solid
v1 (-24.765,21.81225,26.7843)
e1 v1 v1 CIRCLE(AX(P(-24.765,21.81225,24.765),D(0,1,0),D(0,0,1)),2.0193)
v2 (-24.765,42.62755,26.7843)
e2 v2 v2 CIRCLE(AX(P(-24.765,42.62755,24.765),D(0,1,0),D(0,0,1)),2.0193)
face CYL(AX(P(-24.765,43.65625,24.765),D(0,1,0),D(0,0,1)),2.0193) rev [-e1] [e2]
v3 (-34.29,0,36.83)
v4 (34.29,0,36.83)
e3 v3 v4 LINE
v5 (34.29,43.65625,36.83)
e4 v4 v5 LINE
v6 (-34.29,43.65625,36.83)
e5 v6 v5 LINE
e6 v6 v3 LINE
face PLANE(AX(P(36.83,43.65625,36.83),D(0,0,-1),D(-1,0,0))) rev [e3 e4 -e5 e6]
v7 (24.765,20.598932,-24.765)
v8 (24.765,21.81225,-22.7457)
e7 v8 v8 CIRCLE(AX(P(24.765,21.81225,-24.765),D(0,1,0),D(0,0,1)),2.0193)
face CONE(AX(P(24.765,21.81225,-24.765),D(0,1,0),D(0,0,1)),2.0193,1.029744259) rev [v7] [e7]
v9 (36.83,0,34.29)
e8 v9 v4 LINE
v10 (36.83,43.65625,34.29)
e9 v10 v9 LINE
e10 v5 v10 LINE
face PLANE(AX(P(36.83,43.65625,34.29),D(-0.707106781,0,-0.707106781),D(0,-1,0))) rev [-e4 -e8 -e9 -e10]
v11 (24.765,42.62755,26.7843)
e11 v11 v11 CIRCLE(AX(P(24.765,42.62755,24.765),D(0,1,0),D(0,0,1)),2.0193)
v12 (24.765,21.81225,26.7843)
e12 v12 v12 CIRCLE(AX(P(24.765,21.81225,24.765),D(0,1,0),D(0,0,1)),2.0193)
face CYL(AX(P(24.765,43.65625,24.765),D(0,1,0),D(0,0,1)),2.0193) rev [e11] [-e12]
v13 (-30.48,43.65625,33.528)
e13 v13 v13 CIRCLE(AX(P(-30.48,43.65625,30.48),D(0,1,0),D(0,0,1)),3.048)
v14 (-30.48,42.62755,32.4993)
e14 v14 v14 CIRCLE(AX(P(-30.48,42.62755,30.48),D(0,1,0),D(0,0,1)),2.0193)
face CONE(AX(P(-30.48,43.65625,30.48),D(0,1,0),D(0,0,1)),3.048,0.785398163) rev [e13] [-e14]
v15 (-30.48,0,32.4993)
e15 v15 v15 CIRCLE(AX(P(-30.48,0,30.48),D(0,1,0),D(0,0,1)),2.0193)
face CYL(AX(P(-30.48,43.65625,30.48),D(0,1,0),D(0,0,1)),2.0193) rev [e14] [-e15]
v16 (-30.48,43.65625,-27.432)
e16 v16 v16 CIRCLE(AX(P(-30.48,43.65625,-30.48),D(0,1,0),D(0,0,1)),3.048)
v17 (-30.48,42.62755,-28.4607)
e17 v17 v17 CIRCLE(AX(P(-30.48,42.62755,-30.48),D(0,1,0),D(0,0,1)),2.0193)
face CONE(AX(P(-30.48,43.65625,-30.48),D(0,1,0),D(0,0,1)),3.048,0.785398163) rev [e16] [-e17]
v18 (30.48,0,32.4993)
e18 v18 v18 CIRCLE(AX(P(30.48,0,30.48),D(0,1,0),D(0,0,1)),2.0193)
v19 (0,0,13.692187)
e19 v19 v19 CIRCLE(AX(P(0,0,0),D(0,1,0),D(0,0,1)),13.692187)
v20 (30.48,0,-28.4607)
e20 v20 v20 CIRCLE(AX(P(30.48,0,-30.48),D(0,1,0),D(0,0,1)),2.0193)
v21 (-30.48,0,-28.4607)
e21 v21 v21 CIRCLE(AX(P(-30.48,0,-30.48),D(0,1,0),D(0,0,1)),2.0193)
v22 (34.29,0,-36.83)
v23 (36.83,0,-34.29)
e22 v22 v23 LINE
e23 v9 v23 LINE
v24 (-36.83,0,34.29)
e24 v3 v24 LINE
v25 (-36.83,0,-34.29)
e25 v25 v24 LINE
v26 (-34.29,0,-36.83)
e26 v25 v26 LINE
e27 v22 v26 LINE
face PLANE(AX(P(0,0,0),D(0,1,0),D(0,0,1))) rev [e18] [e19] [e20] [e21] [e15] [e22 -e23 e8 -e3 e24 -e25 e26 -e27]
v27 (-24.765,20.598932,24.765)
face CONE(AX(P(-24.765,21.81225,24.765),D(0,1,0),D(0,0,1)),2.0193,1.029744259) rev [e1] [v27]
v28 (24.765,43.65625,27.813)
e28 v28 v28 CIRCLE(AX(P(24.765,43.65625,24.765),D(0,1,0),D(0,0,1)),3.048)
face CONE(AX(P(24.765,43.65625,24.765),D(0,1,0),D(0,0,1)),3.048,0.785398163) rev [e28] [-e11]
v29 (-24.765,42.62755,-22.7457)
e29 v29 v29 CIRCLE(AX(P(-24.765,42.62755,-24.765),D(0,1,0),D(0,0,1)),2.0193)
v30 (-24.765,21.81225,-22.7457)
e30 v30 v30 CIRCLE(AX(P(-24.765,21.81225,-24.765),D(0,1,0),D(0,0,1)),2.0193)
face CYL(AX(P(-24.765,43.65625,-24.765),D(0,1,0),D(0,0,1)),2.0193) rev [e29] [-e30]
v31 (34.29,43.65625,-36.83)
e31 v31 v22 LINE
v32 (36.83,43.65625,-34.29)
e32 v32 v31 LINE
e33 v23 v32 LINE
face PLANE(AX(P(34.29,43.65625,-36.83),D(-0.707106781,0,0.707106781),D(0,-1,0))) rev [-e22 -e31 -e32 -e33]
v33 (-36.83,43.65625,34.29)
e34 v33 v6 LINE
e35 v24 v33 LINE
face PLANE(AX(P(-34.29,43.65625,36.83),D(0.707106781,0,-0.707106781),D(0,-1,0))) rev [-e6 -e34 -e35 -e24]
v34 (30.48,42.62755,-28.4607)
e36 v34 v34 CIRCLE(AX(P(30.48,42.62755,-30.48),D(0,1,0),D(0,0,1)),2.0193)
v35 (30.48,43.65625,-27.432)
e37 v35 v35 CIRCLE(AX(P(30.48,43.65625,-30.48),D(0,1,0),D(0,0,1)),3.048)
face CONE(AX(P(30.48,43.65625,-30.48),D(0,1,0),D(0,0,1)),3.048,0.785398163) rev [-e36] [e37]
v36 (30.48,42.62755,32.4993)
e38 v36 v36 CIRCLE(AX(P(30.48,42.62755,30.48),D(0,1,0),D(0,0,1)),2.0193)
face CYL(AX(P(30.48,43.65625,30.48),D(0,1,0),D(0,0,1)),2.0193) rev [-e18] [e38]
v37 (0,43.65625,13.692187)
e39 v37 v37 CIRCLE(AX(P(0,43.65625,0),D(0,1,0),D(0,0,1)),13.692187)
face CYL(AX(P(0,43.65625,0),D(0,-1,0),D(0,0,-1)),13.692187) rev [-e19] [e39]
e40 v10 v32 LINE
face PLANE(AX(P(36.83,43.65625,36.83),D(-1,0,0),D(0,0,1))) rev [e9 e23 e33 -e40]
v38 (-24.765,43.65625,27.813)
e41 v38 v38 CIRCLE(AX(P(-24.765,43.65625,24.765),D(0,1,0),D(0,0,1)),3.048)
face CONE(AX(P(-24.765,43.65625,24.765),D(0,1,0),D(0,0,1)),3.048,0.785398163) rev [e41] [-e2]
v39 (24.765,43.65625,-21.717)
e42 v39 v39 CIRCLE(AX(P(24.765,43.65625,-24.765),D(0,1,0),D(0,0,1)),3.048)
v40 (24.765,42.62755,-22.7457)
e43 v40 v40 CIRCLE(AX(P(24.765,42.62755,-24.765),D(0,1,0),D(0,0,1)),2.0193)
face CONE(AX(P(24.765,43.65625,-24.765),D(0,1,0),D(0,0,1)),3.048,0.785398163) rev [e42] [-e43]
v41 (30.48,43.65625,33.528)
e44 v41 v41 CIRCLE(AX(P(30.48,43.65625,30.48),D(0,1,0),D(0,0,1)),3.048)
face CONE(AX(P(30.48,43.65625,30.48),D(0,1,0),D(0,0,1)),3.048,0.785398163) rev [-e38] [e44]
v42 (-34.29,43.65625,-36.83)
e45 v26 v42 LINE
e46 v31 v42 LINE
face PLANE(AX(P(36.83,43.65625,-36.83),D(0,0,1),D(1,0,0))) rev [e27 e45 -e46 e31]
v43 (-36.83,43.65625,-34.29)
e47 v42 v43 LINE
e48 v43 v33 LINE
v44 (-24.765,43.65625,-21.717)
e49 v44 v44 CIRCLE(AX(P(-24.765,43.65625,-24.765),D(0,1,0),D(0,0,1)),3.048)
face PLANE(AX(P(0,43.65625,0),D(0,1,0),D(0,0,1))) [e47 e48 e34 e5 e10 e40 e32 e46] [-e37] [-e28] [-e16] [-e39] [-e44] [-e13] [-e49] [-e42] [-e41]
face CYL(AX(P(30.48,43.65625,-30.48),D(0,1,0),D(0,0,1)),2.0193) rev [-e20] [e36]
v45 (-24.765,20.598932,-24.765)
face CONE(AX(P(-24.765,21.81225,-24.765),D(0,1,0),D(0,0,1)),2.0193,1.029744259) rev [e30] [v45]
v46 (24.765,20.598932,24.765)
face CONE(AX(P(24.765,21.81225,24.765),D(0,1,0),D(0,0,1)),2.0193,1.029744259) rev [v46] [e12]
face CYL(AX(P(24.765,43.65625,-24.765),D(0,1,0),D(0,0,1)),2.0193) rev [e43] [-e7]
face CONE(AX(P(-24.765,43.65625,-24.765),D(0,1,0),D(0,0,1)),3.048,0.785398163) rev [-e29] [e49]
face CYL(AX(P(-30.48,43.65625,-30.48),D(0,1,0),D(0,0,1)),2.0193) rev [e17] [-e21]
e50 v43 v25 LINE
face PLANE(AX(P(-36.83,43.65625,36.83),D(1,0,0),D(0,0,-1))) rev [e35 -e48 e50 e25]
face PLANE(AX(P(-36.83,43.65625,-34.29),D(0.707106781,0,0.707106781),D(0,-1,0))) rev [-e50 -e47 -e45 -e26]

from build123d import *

# Parameters (mm, degrees)
SKETCH1_W                        = 73.66
SKETCH1_H                        = 73.66
SKETCH1_R                        = 13.6921875
BOSS_EXTRUDE1_DEPTH              = 43.65625
CHAMFER2_SIZE                    = 2.54
F_10_32_TAPPED_HOLE1_D           = 4.0386
F_10_32_TAPPED_HOLE1_CSINK_D     = 6.096
F_10_32_TAPPED_HOLE1_CSINK_ANGLE = 90
F_10_32_TAPPED_HOLE2_D           = 4.0386
F_10_32_TAPPED_HOLE2_DEPTH       = 21.844
F_10_32_TAPPED_HOLE2_CSINK_D     = 6.096
F_10_32_TAPPED_HOLE2_CSINK_ANGLE = 90
F_10_32_TAPPED_HOLE2_TIP         = 1.213317848


with BuildPart() as part:
    # Sketch1 → Boss-Extrude1 (new body)
    with BuildSketch(Plane(origin=(0, 0, 0), x_dir=(1, 0, 0), z_dir=(0, 1, 0))):
        Rectangle(SKETCH1_W, SKETCH1_H)
        with Locations(Location((0, 0, 0), (0, 0, 270))):
            Circle(SKETCH1_R, mode=Mode.SUBTRACT)
    extrude(amount=BOSS_EXTRUDE1_DEPTH)

    # Chamfer2
    chamfer2_edges = [part.edges().sort_by_distance(p)[0] for p in [
        (-36.83, 21.828125, -36.83),
        (36.83, 21.828125, -36.83),
        (36.83, 21.828125, 36.83),
        (-36.83, 21.828125, 36.83),
    ]]
    chamfer(chamfer2_edges, length=CHAMFER2_SIZE)

    # #10-32 Tapped Hole1 (through all)
    with Locations(Plane(origin=(0, 43.65625, 0), x_dir=(1, 0, 0), z_dir=(0, 1, 0))):
        with Locations((30.48, 30.48), (-30.48, 30.48), (-30.48, -30.48), (30.48, -30.48)):
            CounterSinkHole(F_10_32_TAPPED_HOLE1_D / 2, F_10_32_TAPPED_HOLE1_CSINK_D / 2, counter_sink_angle=F_10_32_TAPPED_HOLE1_CSINK_ANGLE)

    # #10-32 Tapped Hole2
    with Locations(Plane(origin=(0, 43.65625, 0), x_dir=(1, 0, 0), z_dir=(0, 1, 0))):
        with Locations((-24.765, 24.765), (24.765, 24.765), (-24.765, -24.765), (24.765, -24.765)):
            CounterSinkHole(F_10_32_TAPPED_HOLE2_D / 2, F_10_32_TAPPED_HOLE2_CSINK_D / 2, depth=F_10_32_TAPPED_HOLE2_DEPTH, counter_sink_angle=F_10_32_TAPPED_HOLE2_CSINK_ANGLE)
            with Locations((0, 0, -(F_10_32_TAPPED_HOLE2_DEPTH + F_10_32_TAPPED_HOLE2_TIP / 2))):  # 118° drill point
                Cone(0, F_10_32_TAPPED_HOLE2_D / 2, F_10_32_TAPPED_HOLE2_TIP, mode=Mode.SUBTRACT)


solid = part.part
